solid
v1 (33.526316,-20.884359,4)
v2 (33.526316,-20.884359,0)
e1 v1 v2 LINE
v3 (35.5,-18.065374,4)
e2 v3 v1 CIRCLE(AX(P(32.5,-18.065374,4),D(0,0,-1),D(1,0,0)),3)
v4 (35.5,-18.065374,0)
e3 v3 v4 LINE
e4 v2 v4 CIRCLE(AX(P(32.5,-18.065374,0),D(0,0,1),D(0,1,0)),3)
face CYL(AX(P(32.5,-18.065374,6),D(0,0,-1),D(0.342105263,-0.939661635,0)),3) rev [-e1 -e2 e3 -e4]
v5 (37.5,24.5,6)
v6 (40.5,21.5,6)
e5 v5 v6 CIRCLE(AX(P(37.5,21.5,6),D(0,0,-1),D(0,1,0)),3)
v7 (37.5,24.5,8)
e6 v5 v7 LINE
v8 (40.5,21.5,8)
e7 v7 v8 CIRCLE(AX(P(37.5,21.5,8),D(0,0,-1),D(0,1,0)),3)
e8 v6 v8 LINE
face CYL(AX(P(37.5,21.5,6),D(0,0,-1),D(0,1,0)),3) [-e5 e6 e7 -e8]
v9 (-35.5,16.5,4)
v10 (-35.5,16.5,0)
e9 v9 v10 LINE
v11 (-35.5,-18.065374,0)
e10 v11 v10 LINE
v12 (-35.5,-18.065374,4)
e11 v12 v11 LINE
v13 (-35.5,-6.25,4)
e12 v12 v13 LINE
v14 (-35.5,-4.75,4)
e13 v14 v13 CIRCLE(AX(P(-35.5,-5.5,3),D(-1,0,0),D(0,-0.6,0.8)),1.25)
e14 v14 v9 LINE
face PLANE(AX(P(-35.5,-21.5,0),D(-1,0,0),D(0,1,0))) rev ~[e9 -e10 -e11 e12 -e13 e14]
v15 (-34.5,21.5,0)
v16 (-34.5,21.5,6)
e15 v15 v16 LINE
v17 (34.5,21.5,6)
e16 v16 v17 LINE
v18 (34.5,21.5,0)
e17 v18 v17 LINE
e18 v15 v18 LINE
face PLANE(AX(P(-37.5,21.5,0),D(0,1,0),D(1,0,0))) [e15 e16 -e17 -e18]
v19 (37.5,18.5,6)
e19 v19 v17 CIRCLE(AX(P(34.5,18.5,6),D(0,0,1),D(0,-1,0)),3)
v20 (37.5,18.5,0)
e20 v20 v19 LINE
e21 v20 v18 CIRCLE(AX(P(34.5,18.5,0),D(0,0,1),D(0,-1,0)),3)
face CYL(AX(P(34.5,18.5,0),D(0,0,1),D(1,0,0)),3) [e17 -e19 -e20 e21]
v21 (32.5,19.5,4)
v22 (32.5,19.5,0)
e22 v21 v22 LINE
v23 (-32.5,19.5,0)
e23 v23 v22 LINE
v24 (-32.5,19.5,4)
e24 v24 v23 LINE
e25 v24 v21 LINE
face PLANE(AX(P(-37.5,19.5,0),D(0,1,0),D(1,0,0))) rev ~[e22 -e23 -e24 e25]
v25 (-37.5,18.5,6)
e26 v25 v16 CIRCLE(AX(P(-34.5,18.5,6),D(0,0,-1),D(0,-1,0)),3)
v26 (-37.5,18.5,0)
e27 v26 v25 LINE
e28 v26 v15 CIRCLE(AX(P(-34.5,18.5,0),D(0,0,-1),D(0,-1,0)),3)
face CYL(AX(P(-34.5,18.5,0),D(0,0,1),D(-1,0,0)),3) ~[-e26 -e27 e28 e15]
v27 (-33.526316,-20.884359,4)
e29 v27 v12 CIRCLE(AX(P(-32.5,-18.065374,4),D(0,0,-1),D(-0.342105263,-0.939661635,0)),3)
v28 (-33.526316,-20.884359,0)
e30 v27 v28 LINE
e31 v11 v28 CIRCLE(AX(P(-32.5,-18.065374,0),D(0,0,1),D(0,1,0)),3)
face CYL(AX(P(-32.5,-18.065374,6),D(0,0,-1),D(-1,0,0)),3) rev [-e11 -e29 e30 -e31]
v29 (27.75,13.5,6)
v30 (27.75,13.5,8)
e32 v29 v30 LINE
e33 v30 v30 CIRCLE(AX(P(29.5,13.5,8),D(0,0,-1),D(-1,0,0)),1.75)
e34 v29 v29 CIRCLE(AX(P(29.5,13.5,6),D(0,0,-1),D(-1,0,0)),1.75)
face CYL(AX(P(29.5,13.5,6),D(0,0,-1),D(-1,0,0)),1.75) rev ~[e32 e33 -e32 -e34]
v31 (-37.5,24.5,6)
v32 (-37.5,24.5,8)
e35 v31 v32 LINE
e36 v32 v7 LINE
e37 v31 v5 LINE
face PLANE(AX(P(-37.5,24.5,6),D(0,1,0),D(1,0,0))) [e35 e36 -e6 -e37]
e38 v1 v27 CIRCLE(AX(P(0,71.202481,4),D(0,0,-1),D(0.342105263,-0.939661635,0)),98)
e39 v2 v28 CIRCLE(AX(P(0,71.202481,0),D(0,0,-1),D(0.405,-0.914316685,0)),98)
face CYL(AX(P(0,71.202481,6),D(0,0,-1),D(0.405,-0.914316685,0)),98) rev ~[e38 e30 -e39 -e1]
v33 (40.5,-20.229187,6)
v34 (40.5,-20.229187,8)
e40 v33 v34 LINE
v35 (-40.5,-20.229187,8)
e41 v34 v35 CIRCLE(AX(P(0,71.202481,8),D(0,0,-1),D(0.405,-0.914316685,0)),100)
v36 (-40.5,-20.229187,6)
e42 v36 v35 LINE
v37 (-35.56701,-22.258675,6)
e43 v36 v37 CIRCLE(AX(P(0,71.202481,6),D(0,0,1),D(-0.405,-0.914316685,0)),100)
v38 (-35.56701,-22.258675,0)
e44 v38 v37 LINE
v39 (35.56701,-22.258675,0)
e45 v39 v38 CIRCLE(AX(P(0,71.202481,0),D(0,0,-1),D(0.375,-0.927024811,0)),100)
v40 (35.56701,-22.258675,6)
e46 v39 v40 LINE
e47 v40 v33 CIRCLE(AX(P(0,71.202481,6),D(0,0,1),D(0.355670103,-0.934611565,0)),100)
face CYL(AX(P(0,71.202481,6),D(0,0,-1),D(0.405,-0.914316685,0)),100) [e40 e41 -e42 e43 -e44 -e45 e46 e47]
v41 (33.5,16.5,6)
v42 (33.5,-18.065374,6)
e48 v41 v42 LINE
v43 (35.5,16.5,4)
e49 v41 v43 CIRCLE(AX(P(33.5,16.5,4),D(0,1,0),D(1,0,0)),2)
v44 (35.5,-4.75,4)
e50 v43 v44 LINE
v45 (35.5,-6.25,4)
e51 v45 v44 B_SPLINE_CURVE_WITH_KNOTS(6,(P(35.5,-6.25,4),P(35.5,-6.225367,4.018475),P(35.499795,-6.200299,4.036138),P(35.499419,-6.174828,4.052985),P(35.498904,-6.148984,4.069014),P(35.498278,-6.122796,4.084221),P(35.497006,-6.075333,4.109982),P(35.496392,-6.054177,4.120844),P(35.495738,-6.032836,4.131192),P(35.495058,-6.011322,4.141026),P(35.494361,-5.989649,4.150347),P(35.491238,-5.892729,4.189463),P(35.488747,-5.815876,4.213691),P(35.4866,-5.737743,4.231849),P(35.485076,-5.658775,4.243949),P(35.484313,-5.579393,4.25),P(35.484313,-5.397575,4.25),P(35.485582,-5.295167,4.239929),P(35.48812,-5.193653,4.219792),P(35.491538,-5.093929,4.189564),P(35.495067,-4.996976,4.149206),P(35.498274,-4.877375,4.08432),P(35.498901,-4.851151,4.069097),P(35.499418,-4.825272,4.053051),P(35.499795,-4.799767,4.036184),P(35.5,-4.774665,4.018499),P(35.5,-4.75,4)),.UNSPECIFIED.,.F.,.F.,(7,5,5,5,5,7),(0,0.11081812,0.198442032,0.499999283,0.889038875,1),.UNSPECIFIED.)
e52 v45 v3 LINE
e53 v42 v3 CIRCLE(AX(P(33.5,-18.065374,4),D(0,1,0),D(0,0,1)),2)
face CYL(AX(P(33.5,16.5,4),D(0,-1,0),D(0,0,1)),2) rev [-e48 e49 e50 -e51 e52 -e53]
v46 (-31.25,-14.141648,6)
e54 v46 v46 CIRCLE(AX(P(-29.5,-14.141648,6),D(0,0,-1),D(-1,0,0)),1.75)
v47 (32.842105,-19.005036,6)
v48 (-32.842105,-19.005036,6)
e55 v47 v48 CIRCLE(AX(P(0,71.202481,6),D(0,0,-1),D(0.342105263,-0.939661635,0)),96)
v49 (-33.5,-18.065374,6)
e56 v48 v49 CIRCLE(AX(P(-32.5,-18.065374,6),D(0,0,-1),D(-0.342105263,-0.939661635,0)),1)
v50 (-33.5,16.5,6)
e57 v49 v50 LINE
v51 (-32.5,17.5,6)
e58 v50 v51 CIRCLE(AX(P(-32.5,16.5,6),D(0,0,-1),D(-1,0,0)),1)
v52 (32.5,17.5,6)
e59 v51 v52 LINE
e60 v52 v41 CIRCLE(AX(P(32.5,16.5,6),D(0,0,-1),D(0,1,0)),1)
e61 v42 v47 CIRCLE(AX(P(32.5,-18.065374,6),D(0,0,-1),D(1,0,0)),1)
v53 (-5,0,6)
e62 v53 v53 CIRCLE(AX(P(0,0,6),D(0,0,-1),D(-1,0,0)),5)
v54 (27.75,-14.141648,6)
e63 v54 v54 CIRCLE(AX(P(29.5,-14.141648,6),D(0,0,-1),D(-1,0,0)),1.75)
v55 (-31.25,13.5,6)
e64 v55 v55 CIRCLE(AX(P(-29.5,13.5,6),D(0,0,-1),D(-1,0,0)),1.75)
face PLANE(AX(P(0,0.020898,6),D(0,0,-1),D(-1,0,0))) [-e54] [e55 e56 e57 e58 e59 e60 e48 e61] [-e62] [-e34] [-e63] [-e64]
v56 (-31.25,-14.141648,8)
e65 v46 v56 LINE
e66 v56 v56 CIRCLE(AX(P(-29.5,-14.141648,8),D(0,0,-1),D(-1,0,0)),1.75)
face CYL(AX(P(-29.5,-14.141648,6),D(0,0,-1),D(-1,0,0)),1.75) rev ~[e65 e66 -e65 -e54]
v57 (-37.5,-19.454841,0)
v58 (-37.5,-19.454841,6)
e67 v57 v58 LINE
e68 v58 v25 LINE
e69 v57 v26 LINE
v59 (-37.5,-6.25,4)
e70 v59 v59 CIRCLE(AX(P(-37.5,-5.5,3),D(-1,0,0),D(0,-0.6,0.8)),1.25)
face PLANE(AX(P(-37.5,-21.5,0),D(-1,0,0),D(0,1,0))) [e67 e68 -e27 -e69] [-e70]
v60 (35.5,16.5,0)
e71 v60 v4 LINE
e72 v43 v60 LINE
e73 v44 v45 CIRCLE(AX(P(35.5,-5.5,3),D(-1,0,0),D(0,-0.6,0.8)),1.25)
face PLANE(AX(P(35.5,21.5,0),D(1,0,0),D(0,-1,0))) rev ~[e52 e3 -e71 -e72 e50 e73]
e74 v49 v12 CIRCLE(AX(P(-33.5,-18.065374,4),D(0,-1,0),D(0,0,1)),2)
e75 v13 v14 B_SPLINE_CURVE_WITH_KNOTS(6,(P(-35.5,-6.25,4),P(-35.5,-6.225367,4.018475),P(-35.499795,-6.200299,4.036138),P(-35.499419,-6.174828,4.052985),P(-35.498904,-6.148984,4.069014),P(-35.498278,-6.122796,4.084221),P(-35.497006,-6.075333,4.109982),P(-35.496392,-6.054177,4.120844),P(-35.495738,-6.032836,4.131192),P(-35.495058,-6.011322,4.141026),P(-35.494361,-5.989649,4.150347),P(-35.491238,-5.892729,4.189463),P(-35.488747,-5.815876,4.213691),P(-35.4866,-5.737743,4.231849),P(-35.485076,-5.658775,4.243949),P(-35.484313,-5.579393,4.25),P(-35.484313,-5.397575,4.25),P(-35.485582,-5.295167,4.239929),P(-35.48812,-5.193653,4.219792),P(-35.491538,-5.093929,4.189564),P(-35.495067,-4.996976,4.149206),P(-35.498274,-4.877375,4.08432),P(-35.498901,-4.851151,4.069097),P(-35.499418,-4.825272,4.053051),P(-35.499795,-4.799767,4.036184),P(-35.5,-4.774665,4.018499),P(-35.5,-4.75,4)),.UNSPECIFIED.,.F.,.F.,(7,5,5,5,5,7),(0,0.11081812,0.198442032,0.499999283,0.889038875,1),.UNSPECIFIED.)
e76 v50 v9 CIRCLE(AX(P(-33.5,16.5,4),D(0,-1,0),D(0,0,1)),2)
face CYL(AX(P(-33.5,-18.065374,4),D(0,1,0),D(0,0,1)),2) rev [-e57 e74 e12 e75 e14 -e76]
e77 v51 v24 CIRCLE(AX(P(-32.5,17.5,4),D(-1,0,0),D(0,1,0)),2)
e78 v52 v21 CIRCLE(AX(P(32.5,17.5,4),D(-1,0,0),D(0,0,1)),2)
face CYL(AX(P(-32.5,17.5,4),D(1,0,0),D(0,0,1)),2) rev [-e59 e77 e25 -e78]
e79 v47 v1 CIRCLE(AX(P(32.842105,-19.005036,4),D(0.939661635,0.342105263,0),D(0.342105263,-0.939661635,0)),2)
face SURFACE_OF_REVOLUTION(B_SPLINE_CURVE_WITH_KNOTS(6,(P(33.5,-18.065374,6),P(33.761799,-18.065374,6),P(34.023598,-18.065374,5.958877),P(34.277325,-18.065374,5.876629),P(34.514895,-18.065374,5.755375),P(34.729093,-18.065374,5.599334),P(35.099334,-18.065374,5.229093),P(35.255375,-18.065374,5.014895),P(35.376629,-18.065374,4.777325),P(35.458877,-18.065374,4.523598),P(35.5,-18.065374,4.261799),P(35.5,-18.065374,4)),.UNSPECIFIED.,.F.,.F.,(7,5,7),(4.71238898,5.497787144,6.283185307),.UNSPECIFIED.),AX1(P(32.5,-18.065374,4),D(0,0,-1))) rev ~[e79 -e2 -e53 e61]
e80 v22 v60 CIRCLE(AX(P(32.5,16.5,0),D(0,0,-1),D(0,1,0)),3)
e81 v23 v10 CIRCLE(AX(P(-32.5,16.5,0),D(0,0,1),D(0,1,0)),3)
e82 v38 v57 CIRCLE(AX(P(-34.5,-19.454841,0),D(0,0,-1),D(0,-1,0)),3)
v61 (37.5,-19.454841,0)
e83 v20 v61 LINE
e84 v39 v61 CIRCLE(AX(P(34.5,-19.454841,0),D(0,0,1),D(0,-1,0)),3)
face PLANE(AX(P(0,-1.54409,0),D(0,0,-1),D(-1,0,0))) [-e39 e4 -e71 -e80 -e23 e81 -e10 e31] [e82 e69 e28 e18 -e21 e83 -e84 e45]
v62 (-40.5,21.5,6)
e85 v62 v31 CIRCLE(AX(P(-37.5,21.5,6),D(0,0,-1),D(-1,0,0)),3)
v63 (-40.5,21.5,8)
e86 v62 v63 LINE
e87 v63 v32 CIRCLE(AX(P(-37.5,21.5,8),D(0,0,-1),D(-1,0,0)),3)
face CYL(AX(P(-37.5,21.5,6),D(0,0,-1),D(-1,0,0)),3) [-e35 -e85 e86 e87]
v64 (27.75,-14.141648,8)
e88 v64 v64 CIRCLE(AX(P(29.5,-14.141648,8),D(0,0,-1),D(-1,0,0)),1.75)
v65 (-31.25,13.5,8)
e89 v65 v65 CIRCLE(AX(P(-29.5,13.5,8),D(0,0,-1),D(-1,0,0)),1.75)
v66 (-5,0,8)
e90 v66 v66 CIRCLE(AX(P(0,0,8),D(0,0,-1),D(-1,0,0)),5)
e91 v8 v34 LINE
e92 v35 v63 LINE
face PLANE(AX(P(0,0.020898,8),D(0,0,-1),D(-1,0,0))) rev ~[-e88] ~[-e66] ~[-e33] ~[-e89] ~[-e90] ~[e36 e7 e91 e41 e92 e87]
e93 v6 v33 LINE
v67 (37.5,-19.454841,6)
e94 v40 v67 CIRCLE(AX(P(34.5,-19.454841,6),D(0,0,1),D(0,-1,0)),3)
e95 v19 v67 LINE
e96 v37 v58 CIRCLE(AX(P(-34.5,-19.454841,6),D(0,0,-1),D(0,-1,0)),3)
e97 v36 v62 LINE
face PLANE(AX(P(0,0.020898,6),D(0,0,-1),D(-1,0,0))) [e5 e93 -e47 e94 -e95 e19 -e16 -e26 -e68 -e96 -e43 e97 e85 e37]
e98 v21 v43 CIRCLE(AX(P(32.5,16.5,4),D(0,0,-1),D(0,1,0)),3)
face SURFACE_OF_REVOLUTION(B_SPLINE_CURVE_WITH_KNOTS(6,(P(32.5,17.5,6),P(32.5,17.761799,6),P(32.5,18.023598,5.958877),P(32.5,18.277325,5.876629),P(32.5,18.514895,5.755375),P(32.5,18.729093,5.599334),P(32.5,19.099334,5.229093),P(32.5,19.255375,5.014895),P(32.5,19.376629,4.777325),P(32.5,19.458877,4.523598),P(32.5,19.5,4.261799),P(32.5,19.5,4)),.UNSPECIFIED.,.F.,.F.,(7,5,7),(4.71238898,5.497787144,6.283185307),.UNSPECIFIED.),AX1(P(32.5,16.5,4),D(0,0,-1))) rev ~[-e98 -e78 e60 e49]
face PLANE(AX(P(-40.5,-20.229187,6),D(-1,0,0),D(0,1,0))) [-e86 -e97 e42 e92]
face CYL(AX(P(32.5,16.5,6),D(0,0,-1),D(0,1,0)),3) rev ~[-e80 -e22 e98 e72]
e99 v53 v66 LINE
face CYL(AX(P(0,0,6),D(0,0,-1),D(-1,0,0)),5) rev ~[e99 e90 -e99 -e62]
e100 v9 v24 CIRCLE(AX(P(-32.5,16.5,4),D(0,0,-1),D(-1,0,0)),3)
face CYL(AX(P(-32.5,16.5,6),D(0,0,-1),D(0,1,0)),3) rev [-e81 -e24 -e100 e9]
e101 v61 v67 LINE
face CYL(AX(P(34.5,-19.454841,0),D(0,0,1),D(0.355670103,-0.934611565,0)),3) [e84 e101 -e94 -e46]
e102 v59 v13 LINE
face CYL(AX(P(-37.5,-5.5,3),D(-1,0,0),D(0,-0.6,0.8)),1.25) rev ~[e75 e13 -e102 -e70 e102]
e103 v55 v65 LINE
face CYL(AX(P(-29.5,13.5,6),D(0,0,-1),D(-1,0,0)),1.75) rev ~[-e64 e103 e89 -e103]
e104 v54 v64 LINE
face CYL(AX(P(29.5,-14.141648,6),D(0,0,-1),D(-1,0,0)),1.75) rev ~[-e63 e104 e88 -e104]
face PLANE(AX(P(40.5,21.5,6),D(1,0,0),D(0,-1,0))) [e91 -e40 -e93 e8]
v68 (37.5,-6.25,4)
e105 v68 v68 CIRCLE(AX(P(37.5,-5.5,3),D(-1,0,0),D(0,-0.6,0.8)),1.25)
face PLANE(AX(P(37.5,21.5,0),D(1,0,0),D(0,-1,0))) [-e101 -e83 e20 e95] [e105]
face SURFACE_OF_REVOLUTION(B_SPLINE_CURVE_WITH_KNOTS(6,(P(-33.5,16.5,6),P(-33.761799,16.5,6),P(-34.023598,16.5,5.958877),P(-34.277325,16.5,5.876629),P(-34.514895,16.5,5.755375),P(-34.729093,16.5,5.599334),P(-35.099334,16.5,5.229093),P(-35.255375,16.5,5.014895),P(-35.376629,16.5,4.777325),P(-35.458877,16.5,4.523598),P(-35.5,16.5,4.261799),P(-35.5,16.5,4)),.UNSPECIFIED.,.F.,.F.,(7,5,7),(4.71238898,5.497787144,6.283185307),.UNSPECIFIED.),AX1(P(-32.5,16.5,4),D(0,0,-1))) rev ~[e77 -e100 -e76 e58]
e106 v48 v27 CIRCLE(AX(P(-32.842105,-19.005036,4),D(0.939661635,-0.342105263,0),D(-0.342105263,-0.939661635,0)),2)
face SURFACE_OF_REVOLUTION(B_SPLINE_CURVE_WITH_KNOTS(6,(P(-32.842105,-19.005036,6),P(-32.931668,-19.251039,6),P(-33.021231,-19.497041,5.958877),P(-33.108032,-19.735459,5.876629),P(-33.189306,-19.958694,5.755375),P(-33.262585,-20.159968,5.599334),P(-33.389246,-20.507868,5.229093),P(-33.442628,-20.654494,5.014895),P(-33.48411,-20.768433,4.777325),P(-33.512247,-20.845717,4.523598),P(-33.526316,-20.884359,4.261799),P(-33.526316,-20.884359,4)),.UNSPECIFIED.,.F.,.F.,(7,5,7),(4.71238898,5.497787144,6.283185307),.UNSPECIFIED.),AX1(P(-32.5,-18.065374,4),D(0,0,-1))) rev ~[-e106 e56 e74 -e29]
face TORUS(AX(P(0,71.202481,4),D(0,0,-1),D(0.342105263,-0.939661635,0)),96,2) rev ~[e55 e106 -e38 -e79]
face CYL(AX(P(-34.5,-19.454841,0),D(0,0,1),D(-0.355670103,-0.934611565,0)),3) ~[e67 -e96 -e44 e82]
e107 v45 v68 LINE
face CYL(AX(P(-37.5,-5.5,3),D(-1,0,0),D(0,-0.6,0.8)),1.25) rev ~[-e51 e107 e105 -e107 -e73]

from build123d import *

# Parameters (mm, degrees)
DODANIE_WYCI_GNI_CIE1_DEPTH = 6
DODANIE_WYCI_GNI_CIE2_DEPTH = 2
SKORUPA1_T                  = -2
SZKIC3_R                    = 1.7499999999999998
SZKIC3_R_2                  = 1.7500000000000004
SZKIC3_R_3                  = 5
WYTNIJ_WYCI_GNI_CIE1_DEPTH  = 2
ZAOKR_GLENIE1_R             = 3
ZAOKR_GLENIE2_R             = 2
WYTNIJ_WYCI_GNI_CIE2_REACH  = 85.53
SZKIC4_R                    = 1.2500000000000009


with BuildPart() as part:
    # Szkic1 → Dodanie-wyciągnięcie1 (new body)
    with BuildSketch(Plane.XY):
        with BuildLine():
            Line((-37.5, 21.499999999999993), (37.5, 21.499999999999993))
            Line((37.5, 21.499999999999993), (37.5, -21.500000000000004))
            ThreePointArc((37.5, -21.500000000000004), (1.312e-14, -28.797518911304223), (-37.49999999999999, -21.500000000000004))
            Line((-37.49999999999999, -21.500000000000004), (-37.5, 21.499999999999993))
        make_face()
    extrude(amount=DODANIE_WYCI_GNI_CIE1_DEPTH)

    # Szkic2 → Dodanie-wyciągnięcie2 (add)
    with BuildSketch(Plane.XY.offset(6)):
        with BuildLine():
            Line((-40.5, -20.229187385635353), (-40.5, 21.49999999999997))
            ThreePointArc((-40.5, 21.49999999999997), (-39.62132034355964, 23.62132034355963), (-37.49999999999998, 24.49999999999999))
            Line((-37.49999999999998, 24.49999999999999), (37.49999999999998, 24.49999999999999))
            ThreePointArc((37.49999999999998, 24.49999999999999), (39.621320343559645, 23.621320343559635), (40.5, 21.49999999999997))
            Line((40.5, 21.49999999999997), (40.50000000000001, -20.229187385635377))
            ThreePointArc((40.50000000000001, -20.229187385635377), (-9.09e-15, -28.797518911304223), (-40.5, -20.229187385635353))
        make_face()
    extrude(amount=DODANIE_WYCI_GNI_CIE2_DEPTH)

    # Skorupa1
    skorupa1_openings = [part.faces().sort_by_distance(p)[0] for p in [
        (0, -2.499693037, 0),
    ]]
    offset(amount=SKORUPA1_T, openings=skorupa1_openings, kind=Kind.INTERSECTION)

    # Szkic3 → Wytnij-wyciągnięcie1 (cut)
    with BuildSketch(Plane(origin=(0, 0, 6), x_dir=(-1, 0, 0), z_dir=(0, 0, -1))):
        with Locations((-29.5, 13.49999999999999)):
            Circle(SZKIC3_R)
        with Locations((29.5, 13.49999999999999)):
            Circle(SZKIC3_R)
        with Locations((29.5, -14.141648443529768)):
            Circle(SZKIC3_R_2)
        with Locations((-29.5, -14.141648443529768)):
            Circle(SZKIC3_R_2)
        Circle(SZKIC3_R_3)
    extrude(amount=-WYTNIJ_WYCI_GNI_CIE1_DEPTH, mode=Mode.SUBTRACT)

    # Zaokrąglenie1
    zaokr_glenie1_edges = [part.edges().sort_by_distance(p)[0] for p in [
        (-35.5, -20.14164844352976, 3),
        (35.5, -20.14164844352979, 3),
        (35.5, 19.499999999999993, 3),
        (-35.5, 19.499999999999993, 3),
        (-37.499999999999986, -21.5, 3),
        (-37.5, 21.499999999999993, 3),
        (37.5, 21.499999999999993, 3),
        (37.5, -21.499999999999993, 3),
    ]]
    fillet(zaokr_glenie1_edges, radius=ZAOKR_GLENIE1_R)

    # Zaokrąglenie2
    zaokr_glenie2_edges = [part.edges().sort_by_distance(p)[0] for p in [
        (-35.5, -0.7826871340449166, 6),
        (1.421e-14, -26.797518911304223, 6),
        (0, 19.499999999999993, 6),
        (35.5, -0.7826871340449308, 6),
        (-34.621320343559645, 18.621320343559635, 6),
        (34.621320343559645, 18.621320343559635, 6),
        (34.95753406572738, -19.785992272119067, 6),
        (-34.95753406572737, -19.785992272119046, 6),
    ]]
    fillet(zaokr_glenie2_edges, radius=ZAOKR_GLENIE2_R)

    # Wytnij-wyciągnięcie2: up to this face of the body (flat: up to its plane)
    wytnij_wyci_gni_cie2_end = Plane(part.part.faces().sort_by_distance((37.5, -0.477420367, 3))[0])
    # Szkic4 → Wytnij-wyciągnięcie2 (cut, up to the picked face)
    with BuildSketch(Plane.ZY.offset(37.5), mode=Mode.PRIVATE) as wytnij_wyci_gni_cie2_sk1:
        with Locations(Location((2.999999999998171, -5.500000000000033, 0), (0, 0, 323.130102354))):
            Circle(SZKIC4_R)
    wytnij_wyci_gni_cie2_tool1 = split(extrude(wytnij_wyci_gni_cie2_sk1.sketch, amount=-WYTNIJ_WYCI_GNI_CIE2_REACH, mode=Mode.PRIVATE), bisect_by=wytnij_wyci_gni_cie2_end, keep=Keep.BOTH, mode=Mode.PRIVATE)
    add(wytnij_wyci_gni_cie2_tool1.solids().sort_by(Axis((-37.5, -5.5, 3), (1, 1.6e-16, 0)))[0], mode=Mode.SUBTRACT)


solid = part.part
